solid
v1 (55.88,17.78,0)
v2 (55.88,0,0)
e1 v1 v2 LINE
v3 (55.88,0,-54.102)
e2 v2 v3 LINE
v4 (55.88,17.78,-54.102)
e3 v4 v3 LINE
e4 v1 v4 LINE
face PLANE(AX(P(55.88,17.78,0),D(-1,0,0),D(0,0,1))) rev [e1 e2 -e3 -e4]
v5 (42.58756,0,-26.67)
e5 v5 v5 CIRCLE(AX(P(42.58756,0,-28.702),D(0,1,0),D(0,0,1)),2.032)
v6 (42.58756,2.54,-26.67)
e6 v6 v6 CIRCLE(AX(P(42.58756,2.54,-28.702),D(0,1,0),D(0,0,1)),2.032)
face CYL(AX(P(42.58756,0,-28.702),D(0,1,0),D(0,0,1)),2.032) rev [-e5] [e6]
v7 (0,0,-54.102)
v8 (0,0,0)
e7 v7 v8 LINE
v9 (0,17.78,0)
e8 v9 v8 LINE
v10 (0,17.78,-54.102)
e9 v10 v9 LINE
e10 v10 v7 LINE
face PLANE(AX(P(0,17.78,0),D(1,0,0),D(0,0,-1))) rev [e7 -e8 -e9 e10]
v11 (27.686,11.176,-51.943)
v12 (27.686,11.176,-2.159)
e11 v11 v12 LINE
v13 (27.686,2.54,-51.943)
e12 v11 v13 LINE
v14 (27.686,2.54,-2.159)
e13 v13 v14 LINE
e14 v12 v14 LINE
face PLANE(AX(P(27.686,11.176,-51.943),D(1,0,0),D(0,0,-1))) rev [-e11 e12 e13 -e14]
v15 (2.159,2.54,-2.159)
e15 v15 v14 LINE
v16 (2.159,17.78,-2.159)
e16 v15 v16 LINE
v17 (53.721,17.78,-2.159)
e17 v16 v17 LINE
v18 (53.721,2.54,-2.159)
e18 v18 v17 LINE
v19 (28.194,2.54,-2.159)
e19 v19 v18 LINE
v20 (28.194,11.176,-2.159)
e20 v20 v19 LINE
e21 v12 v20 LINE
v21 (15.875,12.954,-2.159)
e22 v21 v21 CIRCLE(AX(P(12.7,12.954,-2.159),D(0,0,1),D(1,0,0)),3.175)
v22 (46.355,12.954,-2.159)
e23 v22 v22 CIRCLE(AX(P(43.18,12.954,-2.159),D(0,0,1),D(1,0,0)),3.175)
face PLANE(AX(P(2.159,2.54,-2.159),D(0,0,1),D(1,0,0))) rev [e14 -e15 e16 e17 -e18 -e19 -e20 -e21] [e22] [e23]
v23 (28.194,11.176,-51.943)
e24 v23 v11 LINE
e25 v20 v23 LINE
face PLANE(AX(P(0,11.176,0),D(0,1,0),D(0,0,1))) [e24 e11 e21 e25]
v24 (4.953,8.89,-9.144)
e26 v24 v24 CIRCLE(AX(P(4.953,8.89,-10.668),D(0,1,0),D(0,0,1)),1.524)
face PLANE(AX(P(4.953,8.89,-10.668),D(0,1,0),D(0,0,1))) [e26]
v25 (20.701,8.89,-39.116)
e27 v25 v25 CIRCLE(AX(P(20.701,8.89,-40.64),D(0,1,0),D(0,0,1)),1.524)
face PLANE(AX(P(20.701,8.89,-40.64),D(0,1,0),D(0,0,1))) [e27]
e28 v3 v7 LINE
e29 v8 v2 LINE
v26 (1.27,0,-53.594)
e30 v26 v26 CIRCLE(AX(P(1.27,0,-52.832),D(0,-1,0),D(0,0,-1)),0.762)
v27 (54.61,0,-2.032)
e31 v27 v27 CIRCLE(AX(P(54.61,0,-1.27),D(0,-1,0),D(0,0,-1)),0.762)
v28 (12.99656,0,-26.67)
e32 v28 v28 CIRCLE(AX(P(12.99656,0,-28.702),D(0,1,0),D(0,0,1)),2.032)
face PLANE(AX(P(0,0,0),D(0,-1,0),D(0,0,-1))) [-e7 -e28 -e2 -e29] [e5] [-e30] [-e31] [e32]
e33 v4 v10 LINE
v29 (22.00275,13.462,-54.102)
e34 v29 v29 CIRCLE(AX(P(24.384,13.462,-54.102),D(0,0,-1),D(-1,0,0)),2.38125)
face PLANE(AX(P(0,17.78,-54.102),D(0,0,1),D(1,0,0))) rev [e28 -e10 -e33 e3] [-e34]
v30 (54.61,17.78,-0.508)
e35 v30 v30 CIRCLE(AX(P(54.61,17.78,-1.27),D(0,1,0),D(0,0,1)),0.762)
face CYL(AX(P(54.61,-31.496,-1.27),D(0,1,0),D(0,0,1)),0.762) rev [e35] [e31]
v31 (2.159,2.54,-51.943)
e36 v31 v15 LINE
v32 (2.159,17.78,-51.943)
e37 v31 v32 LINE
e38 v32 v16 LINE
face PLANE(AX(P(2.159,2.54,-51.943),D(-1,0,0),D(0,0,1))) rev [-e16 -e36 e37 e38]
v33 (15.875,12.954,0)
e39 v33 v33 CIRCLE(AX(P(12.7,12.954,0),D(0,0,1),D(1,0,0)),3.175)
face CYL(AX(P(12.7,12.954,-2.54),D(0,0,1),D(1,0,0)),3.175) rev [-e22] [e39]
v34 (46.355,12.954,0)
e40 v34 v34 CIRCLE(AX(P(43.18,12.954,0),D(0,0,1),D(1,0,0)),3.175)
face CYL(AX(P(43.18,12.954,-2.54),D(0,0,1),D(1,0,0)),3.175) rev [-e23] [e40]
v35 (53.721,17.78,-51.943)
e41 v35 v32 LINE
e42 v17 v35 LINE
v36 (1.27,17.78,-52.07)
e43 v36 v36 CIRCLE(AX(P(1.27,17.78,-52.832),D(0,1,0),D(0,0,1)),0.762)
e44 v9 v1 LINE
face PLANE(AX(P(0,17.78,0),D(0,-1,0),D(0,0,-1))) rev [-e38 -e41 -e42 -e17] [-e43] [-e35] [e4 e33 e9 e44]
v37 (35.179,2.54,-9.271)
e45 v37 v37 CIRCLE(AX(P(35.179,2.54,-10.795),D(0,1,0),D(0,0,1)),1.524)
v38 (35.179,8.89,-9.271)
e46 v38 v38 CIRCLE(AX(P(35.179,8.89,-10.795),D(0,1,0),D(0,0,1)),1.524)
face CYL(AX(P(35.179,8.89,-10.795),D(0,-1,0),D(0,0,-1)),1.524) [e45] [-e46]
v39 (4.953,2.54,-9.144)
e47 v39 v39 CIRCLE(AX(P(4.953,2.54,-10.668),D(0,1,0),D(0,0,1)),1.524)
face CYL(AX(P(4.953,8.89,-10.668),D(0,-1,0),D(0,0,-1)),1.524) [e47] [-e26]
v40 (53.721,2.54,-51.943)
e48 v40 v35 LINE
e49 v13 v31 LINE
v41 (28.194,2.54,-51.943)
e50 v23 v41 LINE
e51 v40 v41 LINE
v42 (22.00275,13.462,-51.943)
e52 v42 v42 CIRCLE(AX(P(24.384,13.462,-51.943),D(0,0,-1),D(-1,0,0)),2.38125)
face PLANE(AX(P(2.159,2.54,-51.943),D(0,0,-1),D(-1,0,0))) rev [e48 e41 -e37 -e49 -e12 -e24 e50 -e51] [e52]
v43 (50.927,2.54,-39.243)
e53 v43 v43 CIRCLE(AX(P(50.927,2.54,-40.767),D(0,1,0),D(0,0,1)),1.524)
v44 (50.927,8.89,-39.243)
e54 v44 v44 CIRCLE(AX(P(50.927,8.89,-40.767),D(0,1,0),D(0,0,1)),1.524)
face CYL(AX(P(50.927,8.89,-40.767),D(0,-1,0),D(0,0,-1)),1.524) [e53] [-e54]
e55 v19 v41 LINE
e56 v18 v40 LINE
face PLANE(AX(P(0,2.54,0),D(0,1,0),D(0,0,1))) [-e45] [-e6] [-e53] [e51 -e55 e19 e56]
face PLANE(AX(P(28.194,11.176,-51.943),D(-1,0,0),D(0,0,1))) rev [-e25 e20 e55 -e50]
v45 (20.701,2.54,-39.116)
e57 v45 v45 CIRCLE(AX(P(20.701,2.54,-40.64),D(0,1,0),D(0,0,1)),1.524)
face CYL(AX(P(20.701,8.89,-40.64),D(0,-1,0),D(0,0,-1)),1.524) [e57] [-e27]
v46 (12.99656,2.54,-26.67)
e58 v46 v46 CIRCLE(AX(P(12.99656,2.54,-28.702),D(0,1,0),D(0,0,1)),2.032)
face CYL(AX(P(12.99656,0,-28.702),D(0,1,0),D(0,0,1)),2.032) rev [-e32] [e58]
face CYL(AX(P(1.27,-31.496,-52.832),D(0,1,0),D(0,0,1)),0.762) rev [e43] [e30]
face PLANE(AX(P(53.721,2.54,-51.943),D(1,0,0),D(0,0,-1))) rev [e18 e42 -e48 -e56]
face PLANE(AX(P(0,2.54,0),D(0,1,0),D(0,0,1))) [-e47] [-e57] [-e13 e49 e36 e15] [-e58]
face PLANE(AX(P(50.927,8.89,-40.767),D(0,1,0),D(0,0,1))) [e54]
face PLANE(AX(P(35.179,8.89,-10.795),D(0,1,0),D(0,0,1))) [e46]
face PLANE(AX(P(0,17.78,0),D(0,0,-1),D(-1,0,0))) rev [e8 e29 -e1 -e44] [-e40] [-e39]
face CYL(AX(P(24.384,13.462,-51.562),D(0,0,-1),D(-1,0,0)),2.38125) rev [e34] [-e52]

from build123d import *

# Parameters (mm, degrees)
SKETCH1_W           = 55.88
SKETCH1_H           = 54.102
BOSS_EXTRUDE1_DEPTH = 17.78
SKETCH3_W           = 51.562
SKETCH3_H           = 49.784
CUT_EXTRUDE1_DEPTH  = 15.24
SKETCH4_R           = 1.524
BOSS_EXTRUDE2_DEPTH = 6.35
SKETCH6_W           = 0.508
SKETCH6_H           = 49.784
BOSS_EXTRUDE3_DEPTH = 8.636
SKETCH7_R           = 3.175
CUT_EXTRUDE3_DEPTH  = 2.54
SKETCH8_R           = 2.38125
CUT_EXTRUDE5_DEPTH  = 2.54
SKETCH9_R           = 2.032
CUT_EXTRUDE6_DEPTH  = 2.54
SKETCH10_R          = 2.032
CUT_EXTRUDE7_DEPTH  = 2.54
SKETCH11_R          = 0.762
CUT_EXTRUDE8_DEPTH  = 49.276


with BuildPart() as part:
    # Sketch1 → Boss-Extrude1 (new body)
    with BuildSketch(Plane(origin=(0, 0, 0), x_dir=(1, 0, 0), z_dir=(0, 1, 0))):
        with Locations((27.94, 27.051)):
            Rectangle(SKETCH1_W, SKETCH1_H)
    extrude(amount=BOSS_EXTRUDE1_DEPTH)

    # Sketch3 → Cut-Extrude1 (cut)
    with BuildSketch(Plane(origin=(0, 17.78, 0), x_dir=(1, 0, 0), z_dir=(0, 1, 0))):
        with Locations((27.94, 27.051)):
            Rectangle(SKETCH3_W, SKETCH3_H)
    extrude(amount=-CUT_EXTRUDE1_DEPTH, mode=Mode.SUBTRACT)

    # Sketch4 → Boss-Extrude2 (add)
    with BuildSketch(Plane(origin=(0, 2.54, 0), x_dir=(1, 0, 0), z_dir=(0, 1, 0))):
        with Locations(Location((20.701, 40.64, 0), (0, 0, 270))):
            Circle(SKETCH4_R)
        with Locations(Location((4.953, 10.668, 0), (0, 0, 270))):
            Circle(SKETCH4_R)
        with Locations(Location((50.927, 40.767, 0), (0, 0, 270))):
            Circle(SKETCH4_R)
        with Locations(Location((35.179, 10.795, 0), (0, 0, 270))):
            Circle(SKETCH4_R)
    extrude(amount=BOSS_EXTRUDE2_DEPTH)

    # Sketch6 → Boss-Extrude3 (add)
    with BuildSketch(Plane(origin=(0, 2.54, 0), x_dir=(1, 0, 0), z_dir=(0, 1, 0))):
        with Locations((27.94, 27.051)):
            Rectangle(SKETCH6_W, SKETCH6_H)
    extrude(amount=BOSS_EXTRUDE3_DEPTH)

    # Sketch7 → Cut-Extrude3 (cut)
    with BuildSketch(Plane.XY):
        with Locations((12.7, 12.954)):
            Circle(SKETCH7_R)
        with Locations((43.18, 12.954)):
            Circle(SKETCH7_R)
    extrude(amount=-CUT_EXTRUDE3_DEPTH, mode=Mode.SUBTRACT)

    # Sketch8 → Cut-Extrude5 (cut)
    with BuildSketch(Plane(origin=(0, 0, -54.102), x_dir=(-1, 0, 0), z_dir=(0, 0, -1))):
        with Locations((-24.384, 13.462)):
            Circle(SKETCH8_R)
    extrude(amount=-CUT_EXTRUDE5_DEPTH, mode=Mode.SUBTRACT)

    # Sketch9 → Cut-Extrude6 (cut)
    with BuildSketch(Plane(origin=(0, 2.54, 0), x_dir=(1, 0, 0), z_dir=(0, 1, 0))):
        with Locations(Location((12.996559759, 28.702, 0), (0, 0, 270))):
            Circle(SKETCH9_R)
    extrude(amount=-CUT_EXTRUDE6_DEPTH, mode=Mode.SUBTRACT)

    # Sketch10 → Cut-Extrude7 (cut)
    with BuildSketch(Plane(origin=(0, 2.54, 0), x_dir=(1, 0, 0), z_dir=(0, 1, 0))):
        with Locations(Location((42.587559759, 28.702, 0), (0, 0, 270))):
            Circle(SKETCH10_R)
    extrude(amount=-CUT_EXTRUDE7_DEPTH, mode=Mode.SUBTRACT)

    # Sketch11 → Cut-Extrude8 (cut)
    with BuildSketch(Plane(origin=(0, 17.78, 0), x_dir=(1, 0, 0), z_dir=(0, 1, 0))):
        with Locations(Location((1.27, 52.832, 0), (0, 0, 270))):
            Circle(SKETCH11_R)
        with Locations(Location((54.61, 1.27, 0), (0, 0, 270))):
            Circle(SKETCH11_R)
    extrude(amount=-CUT_EXTRUDE8_DEPTH, mode=Mode.SUBTRACT)


solid = part.part
